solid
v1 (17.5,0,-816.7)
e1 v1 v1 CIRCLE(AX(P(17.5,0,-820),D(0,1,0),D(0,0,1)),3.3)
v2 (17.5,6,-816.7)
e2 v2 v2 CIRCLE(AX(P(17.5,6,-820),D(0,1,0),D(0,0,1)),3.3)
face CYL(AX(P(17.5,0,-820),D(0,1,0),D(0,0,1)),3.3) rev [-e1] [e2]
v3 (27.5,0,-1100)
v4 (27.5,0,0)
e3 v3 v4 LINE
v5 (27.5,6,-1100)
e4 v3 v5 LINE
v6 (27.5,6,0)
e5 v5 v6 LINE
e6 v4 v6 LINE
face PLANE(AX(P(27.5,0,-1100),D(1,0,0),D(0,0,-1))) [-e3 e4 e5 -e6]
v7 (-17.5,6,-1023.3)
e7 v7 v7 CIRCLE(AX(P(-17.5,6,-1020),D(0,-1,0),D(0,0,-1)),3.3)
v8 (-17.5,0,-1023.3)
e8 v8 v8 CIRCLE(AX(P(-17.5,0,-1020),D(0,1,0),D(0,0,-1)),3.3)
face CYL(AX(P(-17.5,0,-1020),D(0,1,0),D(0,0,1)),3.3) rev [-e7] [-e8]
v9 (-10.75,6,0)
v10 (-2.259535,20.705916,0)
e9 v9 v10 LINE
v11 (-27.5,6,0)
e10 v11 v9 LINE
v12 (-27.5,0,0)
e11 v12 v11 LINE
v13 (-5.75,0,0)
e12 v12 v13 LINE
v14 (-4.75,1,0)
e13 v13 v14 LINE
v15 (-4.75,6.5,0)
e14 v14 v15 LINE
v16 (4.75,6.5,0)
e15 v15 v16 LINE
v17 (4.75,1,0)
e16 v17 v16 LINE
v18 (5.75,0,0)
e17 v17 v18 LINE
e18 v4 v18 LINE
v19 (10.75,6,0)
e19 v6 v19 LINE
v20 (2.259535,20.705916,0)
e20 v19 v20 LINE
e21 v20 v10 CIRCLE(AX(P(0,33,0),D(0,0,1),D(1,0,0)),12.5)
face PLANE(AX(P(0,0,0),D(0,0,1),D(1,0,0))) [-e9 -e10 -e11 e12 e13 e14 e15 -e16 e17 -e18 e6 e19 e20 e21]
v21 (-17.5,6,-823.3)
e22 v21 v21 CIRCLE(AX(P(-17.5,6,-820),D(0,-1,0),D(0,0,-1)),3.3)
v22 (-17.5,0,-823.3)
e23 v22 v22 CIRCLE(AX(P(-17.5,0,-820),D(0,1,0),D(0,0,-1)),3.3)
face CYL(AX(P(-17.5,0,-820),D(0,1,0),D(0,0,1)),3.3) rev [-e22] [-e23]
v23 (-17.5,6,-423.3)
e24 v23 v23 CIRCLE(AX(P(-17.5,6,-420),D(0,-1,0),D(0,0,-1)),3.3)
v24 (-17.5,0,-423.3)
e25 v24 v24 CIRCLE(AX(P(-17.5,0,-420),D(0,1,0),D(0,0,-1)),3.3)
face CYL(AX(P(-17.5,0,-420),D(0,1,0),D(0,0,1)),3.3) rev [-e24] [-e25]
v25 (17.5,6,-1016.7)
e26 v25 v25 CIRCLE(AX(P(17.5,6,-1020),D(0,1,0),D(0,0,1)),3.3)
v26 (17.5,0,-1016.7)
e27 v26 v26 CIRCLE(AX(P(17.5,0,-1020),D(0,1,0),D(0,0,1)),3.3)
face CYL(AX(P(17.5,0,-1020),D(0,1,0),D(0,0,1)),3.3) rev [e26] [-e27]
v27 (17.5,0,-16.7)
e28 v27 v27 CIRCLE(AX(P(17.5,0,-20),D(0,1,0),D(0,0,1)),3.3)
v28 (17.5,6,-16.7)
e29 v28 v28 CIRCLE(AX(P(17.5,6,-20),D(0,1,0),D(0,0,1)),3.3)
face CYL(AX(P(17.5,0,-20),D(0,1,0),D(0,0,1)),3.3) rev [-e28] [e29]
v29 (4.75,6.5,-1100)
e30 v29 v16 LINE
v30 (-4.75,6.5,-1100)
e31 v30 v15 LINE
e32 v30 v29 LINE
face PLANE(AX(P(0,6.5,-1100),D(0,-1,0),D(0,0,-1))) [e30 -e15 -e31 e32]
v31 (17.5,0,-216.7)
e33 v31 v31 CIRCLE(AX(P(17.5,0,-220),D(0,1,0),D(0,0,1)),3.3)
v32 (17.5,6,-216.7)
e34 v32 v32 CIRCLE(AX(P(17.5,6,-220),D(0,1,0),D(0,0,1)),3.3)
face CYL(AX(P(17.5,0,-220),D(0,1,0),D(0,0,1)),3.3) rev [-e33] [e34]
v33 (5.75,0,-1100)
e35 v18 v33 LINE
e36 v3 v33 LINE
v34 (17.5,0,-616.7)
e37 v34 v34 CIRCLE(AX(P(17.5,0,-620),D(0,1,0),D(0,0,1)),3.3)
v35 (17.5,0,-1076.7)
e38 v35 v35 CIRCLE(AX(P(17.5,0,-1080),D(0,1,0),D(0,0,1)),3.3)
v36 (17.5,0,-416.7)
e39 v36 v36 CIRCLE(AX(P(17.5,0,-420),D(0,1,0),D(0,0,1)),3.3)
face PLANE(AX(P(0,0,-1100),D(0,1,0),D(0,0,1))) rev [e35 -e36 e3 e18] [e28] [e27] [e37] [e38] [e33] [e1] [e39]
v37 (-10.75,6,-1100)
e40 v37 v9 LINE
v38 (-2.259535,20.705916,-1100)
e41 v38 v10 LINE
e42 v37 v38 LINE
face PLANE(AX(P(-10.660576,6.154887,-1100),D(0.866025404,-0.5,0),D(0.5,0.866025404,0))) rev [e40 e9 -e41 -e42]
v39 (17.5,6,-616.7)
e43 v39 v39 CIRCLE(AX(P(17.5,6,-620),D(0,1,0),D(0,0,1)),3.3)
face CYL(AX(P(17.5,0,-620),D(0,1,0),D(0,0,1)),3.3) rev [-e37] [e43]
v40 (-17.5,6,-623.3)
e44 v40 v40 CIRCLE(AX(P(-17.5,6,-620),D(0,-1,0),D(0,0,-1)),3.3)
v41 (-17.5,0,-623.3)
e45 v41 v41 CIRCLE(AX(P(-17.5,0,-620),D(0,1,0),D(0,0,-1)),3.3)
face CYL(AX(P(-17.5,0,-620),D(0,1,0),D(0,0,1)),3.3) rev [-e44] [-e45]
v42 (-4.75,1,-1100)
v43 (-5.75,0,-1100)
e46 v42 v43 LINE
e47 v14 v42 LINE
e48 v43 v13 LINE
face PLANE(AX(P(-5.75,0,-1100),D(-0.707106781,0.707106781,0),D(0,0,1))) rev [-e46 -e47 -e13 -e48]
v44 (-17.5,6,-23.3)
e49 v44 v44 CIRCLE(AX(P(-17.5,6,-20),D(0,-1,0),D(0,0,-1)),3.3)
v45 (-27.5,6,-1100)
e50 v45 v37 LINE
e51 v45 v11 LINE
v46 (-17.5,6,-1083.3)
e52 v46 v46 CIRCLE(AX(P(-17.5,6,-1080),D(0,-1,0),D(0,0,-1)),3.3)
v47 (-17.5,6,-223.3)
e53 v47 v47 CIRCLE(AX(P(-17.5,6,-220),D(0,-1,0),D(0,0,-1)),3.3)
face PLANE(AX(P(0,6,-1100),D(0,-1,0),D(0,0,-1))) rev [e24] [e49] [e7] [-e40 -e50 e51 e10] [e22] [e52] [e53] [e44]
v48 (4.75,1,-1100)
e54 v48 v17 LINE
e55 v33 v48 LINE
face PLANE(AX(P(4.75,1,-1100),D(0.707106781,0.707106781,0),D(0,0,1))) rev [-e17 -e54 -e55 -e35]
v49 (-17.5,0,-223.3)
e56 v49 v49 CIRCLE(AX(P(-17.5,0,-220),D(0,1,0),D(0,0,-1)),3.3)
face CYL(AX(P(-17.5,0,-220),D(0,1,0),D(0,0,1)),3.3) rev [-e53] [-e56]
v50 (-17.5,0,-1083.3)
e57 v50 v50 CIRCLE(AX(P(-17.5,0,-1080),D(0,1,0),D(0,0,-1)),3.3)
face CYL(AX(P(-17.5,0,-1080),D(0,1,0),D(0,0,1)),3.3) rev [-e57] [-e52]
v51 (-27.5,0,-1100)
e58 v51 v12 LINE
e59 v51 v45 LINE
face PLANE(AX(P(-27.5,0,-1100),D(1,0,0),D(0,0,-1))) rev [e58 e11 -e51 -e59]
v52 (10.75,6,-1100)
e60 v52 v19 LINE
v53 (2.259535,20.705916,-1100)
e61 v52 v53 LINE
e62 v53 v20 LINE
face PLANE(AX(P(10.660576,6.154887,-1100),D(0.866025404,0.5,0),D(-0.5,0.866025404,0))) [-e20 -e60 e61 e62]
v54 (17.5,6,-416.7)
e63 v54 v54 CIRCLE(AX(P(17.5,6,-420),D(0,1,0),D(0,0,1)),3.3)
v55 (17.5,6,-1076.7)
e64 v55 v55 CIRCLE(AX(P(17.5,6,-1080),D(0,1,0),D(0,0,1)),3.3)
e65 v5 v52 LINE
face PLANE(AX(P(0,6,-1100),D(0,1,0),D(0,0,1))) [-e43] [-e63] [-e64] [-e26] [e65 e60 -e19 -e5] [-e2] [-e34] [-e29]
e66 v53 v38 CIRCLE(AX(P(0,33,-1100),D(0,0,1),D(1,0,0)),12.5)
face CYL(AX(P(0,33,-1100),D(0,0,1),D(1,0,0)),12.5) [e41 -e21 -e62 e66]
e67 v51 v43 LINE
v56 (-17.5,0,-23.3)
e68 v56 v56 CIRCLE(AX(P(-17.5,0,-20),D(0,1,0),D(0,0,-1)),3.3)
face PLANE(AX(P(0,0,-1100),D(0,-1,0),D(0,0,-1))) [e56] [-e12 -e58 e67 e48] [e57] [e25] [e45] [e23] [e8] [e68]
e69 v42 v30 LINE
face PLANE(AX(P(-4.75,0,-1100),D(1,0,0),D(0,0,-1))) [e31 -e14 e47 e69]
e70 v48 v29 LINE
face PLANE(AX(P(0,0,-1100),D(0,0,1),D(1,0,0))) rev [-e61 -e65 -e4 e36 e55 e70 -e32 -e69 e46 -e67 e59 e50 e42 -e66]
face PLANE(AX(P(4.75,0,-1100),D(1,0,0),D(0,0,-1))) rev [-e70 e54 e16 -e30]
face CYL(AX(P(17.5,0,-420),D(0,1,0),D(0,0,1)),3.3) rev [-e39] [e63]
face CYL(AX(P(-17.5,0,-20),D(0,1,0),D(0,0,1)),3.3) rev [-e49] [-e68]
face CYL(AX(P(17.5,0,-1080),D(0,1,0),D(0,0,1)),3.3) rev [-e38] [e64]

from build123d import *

# Parameters (mm, degrees)
SKETCH1_R               = 12.5
BOSS_EXTRUDE1_DEPTH     = 1100
CHAMFER1_SIZE           = 1
SKETCH2_R               = 3.3
CUT_EXTRUDE1_DEPTH      = 40.5
CUT_EXTRUDE1_DEPTH_BACK = 7


with BuildPart() as part:
    # Sketch1 → Boss-Extrude1 (new body)
    with BuildSketch(Plane.XY):
        with Locations((0, 33)):
            Circle(SKETCH1_R)
        Polygon((-27.5, 0), (-4.75, 0), (-4.75, 6.5), (4.75, 6.5), (4.75, 0), (27.5, 0), (27.5, 6), (10.75, 6), (2.089745962, 21), (-2.089745962, 21), (-10.75, 6), (-27.5, 6), align=None)
    extrude(amount=-BOSS_EXTRUDE1_DEPTH)

    # Chamfer1
    chamfer1_edges = [part.edges().sort_by_distance(p)[0] for p in [
        (4.75, 0, -550),
        (-4.75, 0, -550),
    ]]
    chamfer(chamfer1_edges, length=CHAMFER1_SIZE)

    # Sketch2 → Cut-Extrude1 (cut, two sides)
    with BuildSketch(Plane(origin=(0, 6, 0), x_dir=(1, 0, 0), z_dir=(0, 1, 0))) as cut_extrude1_sk:
        with Locations((17.5, 20)):
            Circle(SKETCH2_R)
        with Locations((-17.5, 20)):
            Circle(SKETCH2_R)
        with Locations((-17.5, 220)):
            Circle(SKETCH2_R)
        with Locations((17.5, 220)):
            Circle(SKETCH2_R)
        with Locations((-17.5, 420)):
            Circle(SKETCH2_R)
        with Locations((17.5, 420)):
            Circle(SKETCH2_R)
        with Locations((-17.5, 620)):
            Circle(SKETCH2_R)
        with Locations((17.5, 620)):
            Circle(SKETCH2_R)
        with Locations((-17.5, 820)):
            Circle(SKETCH2_R)
        with Locations((17.5, 820)):
            Circle(SKETCH2_R)
        with Locations((-17.5, 1020)):
            Circle(SKETCH2_R)
        with Locations((17.5, 1020)):
            Circle(SKETCH2_R)
        with Locations((-17.5, 1220)):
            Circle(SKETCH2_R)
        with Locations((17.5, 1220)):
            Circle(SKETCH2_R)
        with Locations((-17.5, 1420)):
            Circle(SKETCH2_R)
        with Locations((17.5, 1420)):
            Circle(SKETCH2_R)
        with Locations((-17.5, 1620)):
            Circle(SKETCH2_R)
        with Locations((17.5, 1620)):
            Circle(SKETCH2_R)
        with Locations((17.5, 1080)):
            Circle(SKETCH2_R)
        with Locations((-17.5, 1080)):
            Circle(SKETCH2_R)
    extrude(amount=CUT_EXTRUDE1_DEPTH, mode=Mode.SUBTRACT)
    extrude(cut_extrude1_sk.sketch, amount=-CUT_EXTRUDE1_DEPTH_BACK, mode=Mode.SUBTRACT)


solid = part.part
